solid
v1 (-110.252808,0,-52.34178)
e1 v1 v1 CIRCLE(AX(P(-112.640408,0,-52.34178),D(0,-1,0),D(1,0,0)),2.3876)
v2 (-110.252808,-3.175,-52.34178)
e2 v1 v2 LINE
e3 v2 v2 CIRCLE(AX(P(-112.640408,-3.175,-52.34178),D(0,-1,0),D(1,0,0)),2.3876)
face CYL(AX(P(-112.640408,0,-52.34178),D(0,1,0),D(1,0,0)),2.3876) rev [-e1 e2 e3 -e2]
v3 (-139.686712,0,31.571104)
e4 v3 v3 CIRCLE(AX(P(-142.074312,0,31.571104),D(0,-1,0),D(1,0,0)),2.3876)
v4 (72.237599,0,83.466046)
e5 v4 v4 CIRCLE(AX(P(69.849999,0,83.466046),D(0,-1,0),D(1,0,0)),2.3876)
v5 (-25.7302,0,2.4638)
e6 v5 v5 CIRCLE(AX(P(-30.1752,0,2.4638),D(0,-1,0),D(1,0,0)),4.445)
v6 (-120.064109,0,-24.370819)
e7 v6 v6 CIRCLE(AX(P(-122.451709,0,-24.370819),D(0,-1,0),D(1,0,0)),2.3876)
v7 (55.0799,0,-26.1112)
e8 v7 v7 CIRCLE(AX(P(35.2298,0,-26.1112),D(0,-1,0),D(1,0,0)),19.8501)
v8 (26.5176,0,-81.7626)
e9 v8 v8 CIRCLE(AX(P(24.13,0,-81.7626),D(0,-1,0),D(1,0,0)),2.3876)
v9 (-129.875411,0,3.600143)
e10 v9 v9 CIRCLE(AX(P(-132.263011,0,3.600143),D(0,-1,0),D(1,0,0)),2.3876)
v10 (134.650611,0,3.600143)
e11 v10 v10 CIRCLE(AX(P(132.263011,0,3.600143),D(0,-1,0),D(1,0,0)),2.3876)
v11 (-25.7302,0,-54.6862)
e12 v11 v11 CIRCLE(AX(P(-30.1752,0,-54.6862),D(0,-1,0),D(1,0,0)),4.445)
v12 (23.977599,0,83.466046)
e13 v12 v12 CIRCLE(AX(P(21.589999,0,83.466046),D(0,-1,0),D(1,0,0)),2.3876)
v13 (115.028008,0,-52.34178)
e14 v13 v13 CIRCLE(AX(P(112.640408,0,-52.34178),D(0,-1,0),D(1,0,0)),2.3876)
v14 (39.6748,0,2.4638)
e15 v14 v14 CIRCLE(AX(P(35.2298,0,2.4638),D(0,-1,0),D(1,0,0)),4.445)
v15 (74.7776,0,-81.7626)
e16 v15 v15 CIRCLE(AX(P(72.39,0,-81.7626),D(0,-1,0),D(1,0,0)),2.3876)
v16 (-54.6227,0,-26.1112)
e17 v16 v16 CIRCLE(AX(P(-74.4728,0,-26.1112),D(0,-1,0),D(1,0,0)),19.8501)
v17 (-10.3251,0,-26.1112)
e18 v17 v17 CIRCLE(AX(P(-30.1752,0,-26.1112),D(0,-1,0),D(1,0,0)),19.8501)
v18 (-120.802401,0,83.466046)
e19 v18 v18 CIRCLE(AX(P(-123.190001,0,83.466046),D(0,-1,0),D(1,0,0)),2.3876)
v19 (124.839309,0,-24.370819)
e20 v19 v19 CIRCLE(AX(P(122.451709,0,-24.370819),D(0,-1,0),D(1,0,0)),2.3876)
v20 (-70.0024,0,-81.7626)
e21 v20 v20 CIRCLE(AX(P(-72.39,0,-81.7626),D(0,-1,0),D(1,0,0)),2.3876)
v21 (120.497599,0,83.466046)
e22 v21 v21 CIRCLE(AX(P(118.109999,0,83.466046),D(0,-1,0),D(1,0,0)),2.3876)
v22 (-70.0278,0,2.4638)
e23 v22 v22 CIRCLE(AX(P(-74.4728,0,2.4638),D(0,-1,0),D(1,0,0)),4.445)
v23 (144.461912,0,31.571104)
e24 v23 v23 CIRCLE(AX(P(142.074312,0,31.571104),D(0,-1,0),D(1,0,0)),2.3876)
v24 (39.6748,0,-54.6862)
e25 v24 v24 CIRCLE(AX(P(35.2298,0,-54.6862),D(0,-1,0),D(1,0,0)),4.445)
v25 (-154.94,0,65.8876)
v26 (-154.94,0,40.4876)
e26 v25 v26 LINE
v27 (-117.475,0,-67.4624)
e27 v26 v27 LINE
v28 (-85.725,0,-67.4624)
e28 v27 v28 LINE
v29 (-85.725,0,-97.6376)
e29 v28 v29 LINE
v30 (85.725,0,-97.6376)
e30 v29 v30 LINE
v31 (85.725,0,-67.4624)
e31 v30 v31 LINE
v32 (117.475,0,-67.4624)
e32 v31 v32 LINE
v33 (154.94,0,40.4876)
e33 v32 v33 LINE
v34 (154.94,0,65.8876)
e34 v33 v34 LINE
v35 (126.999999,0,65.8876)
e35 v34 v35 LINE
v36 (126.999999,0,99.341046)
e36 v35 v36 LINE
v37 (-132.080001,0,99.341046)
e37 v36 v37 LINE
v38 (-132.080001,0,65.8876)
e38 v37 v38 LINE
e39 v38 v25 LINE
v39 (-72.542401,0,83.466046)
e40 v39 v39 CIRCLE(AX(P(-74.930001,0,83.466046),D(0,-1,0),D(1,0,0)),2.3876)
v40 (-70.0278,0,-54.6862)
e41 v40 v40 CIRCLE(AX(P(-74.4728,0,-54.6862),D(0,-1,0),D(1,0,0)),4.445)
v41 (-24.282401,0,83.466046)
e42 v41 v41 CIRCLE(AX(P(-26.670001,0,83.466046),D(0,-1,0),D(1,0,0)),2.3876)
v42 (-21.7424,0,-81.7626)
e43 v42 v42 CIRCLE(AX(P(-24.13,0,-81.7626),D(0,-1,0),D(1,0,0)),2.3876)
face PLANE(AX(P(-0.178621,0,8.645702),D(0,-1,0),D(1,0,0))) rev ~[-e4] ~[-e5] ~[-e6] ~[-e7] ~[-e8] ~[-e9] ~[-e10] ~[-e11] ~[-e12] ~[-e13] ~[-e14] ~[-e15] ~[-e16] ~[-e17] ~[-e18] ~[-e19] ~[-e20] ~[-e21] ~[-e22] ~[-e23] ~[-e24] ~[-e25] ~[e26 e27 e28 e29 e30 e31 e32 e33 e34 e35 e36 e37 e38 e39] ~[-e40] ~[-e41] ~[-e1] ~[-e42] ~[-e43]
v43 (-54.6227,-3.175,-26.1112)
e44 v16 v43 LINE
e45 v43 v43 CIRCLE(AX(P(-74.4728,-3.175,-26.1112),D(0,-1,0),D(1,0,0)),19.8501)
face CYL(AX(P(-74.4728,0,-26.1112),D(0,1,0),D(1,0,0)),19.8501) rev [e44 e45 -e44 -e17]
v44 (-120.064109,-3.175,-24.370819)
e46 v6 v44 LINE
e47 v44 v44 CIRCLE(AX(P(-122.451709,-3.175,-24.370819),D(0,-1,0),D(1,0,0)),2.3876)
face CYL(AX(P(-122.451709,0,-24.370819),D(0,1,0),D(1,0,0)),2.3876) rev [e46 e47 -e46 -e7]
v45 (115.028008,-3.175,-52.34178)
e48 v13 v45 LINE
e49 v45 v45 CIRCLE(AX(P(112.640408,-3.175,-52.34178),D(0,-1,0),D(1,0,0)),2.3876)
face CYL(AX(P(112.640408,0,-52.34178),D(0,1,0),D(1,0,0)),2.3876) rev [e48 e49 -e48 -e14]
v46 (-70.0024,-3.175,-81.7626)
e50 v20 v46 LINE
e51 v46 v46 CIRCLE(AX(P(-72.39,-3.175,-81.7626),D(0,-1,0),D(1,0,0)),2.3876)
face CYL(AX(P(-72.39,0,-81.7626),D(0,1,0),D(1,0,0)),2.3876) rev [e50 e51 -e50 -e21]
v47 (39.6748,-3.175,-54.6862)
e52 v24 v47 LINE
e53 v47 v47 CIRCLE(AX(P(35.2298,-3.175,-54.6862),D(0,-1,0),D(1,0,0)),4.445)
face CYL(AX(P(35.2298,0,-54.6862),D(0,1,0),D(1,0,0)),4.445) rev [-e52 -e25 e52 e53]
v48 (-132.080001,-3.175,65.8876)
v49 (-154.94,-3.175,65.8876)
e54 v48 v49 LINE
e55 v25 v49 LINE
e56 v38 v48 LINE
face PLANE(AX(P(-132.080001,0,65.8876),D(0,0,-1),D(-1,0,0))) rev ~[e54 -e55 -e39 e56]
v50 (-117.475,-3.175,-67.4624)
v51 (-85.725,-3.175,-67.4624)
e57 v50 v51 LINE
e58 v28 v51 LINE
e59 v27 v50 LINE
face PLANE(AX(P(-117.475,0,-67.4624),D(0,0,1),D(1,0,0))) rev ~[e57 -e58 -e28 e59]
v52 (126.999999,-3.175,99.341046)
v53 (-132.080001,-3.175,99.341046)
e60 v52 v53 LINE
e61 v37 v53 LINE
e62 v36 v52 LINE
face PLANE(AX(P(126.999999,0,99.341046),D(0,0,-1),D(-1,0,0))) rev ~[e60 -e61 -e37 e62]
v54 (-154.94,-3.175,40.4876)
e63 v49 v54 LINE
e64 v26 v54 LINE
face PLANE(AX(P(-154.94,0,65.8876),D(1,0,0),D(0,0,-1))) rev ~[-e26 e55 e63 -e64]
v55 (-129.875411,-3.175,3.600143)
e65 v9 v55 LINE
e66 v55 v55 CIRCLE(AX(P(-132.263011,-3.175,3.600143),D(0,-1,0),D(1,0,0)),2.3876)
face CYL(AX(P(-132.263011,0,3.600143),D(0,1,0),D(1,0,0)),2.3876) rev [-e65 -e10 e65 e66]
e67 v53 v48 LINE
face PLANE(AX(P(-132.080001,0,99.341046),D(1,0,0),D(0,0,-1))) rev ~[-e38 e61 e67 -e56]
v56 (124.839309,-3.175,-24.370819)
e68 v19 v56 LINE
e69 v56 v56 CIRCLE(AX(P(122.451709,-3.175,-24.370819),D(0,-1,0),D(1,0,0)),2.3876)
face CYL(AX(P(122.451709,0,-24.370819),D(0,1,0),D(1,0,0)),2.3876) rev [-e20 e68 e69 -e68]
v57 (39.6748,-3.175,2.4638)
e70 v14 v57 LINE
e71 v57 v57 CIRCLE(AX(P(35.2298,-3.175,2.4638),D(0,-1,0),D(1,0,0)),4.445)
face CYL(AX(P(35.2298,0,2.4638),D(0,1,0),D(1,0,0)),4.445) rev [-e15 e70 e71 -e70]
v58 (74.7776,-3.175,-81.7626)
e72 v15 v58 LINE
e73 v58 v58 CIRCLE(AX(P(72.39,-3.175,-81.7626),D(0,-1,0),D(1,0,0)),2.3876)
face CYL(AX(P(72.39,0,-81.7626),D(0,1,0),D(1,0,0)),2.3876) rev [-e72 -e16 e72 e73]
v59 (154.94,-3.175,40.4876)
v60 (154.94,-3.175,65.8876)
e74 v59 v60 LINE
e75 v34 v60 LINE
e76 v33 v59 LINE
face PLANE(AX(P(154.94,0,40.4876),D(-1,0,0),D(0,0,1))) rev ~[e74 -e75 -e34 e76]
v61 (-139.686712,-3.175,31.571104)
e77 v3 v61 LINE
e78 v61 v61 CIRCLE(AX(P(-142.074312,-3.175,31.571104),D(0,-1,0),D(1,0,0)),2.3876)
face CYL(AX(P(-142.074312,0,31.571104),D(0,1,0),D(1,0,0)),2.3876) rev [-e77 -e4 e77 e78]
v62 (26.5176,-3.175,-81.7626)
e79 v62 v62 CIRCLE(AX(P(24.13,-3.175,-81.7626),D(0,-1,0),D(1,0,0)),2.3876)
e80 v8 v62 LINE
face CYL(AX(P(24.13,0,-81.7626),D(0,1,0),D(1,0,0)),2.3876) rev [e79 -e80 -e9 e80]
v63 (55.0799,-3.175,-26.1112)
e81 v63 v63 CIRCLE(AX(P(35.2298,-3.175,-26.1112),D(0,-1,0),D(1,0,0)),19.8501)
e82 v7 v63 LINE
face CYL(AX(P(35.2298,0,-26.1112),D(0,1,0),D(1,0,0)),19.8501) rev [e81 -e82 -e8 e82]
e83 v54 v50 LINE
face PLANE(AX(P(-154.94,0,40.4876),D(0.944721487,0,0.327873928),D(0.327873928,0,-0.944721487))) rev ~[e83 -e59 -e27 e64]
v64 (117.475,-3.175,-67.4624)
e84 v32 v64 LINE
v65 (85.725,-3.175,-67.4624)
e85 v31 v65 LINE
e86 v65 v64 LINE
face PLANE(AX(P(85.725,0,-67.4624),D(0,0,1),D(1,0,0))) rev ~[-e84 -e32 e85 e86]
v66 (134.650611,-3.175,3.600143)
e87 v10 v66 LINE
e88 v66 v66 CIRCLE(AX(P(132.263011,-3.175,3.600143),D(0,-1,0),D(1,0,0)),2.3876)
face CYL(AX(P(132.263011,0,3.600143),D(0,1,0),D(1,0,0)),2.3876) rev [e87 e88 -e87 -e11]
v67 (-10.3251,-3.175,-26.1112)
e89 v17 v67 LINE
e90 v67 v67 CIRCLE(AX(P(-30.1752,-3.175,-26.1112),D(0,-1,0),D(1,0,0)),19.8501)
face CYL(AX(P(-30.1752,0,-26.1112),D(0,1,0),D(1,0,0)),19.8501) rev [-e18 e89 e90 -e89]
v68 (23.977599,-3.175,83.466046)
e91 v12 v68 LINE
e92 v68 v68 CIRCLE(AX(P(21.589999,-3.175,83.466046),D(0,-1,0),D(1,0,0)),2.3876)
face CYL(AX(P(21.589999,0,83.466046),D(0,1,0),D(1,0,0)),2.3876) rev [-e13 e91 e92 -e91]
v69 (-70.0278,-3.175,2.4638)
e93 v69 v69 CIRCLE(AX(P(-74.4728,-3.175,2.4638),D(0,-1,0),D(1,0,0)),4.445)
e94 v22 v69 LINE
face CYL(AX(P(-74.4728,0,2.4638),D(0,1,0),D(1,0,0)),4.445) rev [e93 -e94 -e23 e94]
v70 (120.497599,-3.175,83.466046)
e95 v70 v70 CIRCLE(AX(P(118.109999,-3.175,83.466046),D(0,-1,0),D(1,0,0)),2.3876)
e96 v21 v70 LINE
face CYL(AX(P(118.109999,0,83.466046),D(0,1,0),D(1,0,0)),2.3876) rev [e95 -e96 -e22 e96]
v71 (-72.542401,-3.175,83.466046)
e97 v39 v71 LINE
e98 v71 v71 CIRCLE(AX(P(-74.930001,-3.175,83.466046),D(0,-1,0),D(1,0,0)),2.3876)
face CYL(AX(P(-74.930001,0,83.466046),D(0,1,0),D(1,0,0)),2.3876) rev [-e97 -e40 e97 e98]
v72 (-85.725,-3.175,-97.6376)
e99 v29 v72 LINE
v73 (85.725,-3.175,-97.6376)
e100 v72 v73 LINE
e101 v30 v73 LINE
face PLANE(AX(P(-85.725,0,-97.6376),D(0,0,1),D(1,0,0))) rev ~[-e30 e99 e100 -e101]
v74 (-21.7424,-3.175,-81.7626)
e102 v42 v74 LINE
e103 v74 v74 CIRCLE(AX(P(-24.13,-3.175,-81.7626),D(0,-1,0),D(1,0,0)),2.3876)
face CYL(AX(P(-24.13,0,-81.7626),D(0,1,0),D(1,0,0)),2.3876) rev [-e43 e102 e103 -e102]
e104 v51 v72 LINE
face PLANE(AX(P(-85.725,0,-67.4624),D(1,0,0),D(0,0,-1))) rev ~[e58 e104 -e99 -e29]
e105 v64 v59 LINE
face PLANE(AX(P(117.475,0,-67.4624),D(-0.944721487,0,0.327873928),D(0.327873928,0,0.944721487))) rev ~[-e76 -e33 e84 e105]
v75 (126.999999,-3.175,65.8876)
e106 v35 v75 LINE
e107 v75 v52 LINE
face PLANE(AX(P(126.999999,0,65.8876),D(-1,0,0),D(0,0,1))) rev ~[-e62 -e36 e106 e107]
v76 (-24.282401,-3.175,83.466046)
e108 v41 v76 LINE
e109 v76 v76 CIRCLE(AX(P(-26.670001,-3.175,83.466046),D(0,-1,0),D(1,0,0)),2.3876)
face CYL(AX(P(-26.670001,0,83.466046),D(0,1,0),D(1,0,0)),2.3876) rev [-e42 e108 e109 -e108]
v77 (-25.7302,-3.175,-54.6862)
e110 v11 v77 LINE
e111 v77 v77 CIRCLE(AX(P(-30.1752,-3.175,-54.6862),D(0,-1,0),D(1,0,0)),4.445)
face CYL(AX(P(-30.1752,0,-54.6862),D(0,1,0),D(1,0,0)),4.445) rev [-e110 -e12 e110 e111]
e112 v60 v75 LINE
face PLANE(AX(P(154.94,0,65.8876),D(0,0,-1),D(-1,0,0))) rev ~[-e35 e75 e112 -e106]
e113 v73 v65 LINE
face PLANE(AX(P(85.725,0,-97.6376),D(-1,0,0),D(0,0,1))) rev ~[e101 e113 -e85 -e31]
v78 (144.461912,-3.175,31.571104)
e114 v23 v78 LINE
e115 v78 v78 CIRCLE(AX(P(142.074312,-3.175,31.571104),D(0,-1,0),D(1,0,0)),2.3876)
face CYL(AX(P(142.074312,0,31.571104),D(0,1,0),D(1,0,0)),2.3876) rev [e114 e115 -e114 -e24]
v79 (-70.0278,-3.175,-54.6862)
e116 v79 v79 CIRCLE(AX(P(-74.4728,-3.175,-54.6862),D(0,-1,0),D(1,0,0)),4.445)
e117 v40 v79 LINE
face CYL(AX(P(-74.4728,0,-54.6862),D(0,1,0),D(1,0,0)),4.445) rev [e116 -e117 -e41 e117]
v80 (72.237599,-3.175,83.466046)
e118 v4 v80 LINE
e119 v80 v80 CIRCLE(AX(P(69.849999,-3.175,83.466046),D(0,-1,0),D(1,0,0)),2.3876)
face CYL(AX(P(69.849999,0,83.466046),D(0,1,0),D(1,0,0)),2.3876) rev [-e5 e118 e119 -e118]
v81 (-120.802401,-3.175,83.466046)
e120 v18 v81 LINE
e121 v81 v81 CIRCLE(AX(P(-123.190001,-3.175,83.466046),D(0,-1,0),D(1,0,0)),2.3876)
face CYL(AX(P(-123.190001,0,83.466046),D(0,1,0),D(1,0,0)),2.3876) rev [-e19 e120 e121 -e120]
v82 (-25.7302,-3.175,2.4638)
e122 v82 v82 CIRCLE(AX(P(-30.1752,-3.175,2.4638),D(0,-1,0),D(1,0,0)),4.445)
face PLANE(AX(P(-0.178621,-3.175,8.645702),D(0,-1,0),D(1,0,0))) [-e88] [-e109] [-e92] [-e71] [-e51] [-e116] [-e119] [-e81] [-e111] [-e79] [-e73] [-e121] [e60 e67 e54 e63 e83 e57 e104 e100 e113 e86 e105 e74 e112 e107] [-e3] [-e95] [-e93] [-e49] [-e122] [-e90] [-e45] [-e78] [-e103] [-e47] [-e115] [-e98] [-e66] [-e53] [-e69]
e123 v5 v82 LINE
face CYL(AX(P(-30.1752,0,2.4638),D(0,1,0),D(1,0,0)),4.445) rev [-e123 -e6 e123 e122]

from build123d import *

# Parameters (mm, degrees)
F0_R     = 2.3876
F0_R_2   = 4.445
F0_R_3   = 19.8501
F1_DEPTH = 3.175


with BuildPart() as f1:
    # F0 (on Front) → F1 (new body)
    with BuildSketch(Plane.XZ):
        Polygon((-85.725, -97.6376), (85.725, -97.6376), (85.725, -67.4624), (117.475, -67.4624), (154.94, 40.4876), (154.94, 65.8876), (126.999999, 65.8876), (126.999999, 99.341046), (-132.080001, 99.341046), (-132.080001, 65.8876), (-154.94, 65.8876), (-154.94, 40.4876), (-117.475, -67.4624), (-85.725, -67.4624), align=None)
        with Locations((-112.640408, -52.34178)):
            Circle(F0_R, mode=Mode.SUBTRACT)
        with Locations((-72.39, -81.7626)):
            Circle(F0_R, mode=Mode.SUBTRACT)
        with Locations((-24.13, -81.7626)):
            Circle(F0_R, mode=Mode.SUBTRACT)
        with Locations((-74.4728, -54.6862)):
            Circle(F0_R_2, mode=Mode.SUBTRACT)
        with Locations((-30.1752, -54.6862)):
            Circle(F0_R_2, mode=Mode.SUBTRACT)
        with Locations((-122.451709, -24.370819)):
            Circle(F0_R, mode=Mode.SUBTRACT)
        with Locations((-74.4728, -26.1112)):
            Circle(F0_R_3, mode=Mode.SUBTRACT)
        with Locations((-30.1752, -26.1112)):
            Circle(F0_R_3, mode=Mode.SUBTRACT)
        with Locations((24.13, -81.7626)):
            Circle(F0_R, mode=Mode.SUBTRACT)
        with Locations((72.39, -81.7626)):
            Circle(F0_R, mode=Mode.SUBTRACT)
        with Locations((35.2298, -54.6862)):
            Circle(F0_R_2, mode=Mode.SUBTRACT)
        with Locations((112.640408, -52.34178)):
            Circle(F0_R, mode=Mode.SUBTRACT)
        with Locations((35.2298, -26.1112)):
            Circle(F0_R_3, mode=Mode.SUBTRACT)
        with Locations((122.451709, -24.370819)):
            Circle(F0_R, mode=Mode.SUBTRACT)
        with Locations((-132.263011, 3.600143)):
            Circle(F0_R, mode=Mode.SUBTRACT)
        with Locations((-142.074312, 31.571104)):
            Circle(F0_R, mode=Mode.SUBTRACT)
        with Locations((-74.4728, 2.4638)):
            Circle(F0_R_2, mode=Mode.SUBTRACT)
        with Locations((-30.1752, 2.4638)):
            Circle(F0_R_2, mode=Mode.SUBTRACT)
        with Locations((-123.190001, 83.466046)):
            Circle(F0_R, mode=Mode.SUBTRACT)
        with Locations((-74.930001, 83.466046)):
            Circle(F0_R, mode=Mode.SUBTRACT)
        with Locations((-26.670001, 83.466046)):
            Circle(F0_R, mode=Mode.SUBTRACT)
        with Locations((35.2298, 2.4638)):
            Circle(F0_R_2, mode=Mode.SUBTRACT)
        with Locations((132.263011, 3.600143)):
            Circle(F0_R, mode=Mode.SUBTRACT)
        with Locations((142.074312, 31.571104)):
            Circle(F0_R, mode=Mode.SUBTRACT)
        with Locations((21.589999, 83.466046)):
            Circle(F0_R, mode=Mode.SUBTRACT)
        with Locations((69.849999, 83.466046)):
            Circle(F0_R, mode=Mode.SUBTRACT)
        with Locations((118.109999, 83.466046)):
            Circle(F0_R, mode=Mode.SUBTRACT)
    extrude(amount=F1_DEPTH)


solid = f1.part
